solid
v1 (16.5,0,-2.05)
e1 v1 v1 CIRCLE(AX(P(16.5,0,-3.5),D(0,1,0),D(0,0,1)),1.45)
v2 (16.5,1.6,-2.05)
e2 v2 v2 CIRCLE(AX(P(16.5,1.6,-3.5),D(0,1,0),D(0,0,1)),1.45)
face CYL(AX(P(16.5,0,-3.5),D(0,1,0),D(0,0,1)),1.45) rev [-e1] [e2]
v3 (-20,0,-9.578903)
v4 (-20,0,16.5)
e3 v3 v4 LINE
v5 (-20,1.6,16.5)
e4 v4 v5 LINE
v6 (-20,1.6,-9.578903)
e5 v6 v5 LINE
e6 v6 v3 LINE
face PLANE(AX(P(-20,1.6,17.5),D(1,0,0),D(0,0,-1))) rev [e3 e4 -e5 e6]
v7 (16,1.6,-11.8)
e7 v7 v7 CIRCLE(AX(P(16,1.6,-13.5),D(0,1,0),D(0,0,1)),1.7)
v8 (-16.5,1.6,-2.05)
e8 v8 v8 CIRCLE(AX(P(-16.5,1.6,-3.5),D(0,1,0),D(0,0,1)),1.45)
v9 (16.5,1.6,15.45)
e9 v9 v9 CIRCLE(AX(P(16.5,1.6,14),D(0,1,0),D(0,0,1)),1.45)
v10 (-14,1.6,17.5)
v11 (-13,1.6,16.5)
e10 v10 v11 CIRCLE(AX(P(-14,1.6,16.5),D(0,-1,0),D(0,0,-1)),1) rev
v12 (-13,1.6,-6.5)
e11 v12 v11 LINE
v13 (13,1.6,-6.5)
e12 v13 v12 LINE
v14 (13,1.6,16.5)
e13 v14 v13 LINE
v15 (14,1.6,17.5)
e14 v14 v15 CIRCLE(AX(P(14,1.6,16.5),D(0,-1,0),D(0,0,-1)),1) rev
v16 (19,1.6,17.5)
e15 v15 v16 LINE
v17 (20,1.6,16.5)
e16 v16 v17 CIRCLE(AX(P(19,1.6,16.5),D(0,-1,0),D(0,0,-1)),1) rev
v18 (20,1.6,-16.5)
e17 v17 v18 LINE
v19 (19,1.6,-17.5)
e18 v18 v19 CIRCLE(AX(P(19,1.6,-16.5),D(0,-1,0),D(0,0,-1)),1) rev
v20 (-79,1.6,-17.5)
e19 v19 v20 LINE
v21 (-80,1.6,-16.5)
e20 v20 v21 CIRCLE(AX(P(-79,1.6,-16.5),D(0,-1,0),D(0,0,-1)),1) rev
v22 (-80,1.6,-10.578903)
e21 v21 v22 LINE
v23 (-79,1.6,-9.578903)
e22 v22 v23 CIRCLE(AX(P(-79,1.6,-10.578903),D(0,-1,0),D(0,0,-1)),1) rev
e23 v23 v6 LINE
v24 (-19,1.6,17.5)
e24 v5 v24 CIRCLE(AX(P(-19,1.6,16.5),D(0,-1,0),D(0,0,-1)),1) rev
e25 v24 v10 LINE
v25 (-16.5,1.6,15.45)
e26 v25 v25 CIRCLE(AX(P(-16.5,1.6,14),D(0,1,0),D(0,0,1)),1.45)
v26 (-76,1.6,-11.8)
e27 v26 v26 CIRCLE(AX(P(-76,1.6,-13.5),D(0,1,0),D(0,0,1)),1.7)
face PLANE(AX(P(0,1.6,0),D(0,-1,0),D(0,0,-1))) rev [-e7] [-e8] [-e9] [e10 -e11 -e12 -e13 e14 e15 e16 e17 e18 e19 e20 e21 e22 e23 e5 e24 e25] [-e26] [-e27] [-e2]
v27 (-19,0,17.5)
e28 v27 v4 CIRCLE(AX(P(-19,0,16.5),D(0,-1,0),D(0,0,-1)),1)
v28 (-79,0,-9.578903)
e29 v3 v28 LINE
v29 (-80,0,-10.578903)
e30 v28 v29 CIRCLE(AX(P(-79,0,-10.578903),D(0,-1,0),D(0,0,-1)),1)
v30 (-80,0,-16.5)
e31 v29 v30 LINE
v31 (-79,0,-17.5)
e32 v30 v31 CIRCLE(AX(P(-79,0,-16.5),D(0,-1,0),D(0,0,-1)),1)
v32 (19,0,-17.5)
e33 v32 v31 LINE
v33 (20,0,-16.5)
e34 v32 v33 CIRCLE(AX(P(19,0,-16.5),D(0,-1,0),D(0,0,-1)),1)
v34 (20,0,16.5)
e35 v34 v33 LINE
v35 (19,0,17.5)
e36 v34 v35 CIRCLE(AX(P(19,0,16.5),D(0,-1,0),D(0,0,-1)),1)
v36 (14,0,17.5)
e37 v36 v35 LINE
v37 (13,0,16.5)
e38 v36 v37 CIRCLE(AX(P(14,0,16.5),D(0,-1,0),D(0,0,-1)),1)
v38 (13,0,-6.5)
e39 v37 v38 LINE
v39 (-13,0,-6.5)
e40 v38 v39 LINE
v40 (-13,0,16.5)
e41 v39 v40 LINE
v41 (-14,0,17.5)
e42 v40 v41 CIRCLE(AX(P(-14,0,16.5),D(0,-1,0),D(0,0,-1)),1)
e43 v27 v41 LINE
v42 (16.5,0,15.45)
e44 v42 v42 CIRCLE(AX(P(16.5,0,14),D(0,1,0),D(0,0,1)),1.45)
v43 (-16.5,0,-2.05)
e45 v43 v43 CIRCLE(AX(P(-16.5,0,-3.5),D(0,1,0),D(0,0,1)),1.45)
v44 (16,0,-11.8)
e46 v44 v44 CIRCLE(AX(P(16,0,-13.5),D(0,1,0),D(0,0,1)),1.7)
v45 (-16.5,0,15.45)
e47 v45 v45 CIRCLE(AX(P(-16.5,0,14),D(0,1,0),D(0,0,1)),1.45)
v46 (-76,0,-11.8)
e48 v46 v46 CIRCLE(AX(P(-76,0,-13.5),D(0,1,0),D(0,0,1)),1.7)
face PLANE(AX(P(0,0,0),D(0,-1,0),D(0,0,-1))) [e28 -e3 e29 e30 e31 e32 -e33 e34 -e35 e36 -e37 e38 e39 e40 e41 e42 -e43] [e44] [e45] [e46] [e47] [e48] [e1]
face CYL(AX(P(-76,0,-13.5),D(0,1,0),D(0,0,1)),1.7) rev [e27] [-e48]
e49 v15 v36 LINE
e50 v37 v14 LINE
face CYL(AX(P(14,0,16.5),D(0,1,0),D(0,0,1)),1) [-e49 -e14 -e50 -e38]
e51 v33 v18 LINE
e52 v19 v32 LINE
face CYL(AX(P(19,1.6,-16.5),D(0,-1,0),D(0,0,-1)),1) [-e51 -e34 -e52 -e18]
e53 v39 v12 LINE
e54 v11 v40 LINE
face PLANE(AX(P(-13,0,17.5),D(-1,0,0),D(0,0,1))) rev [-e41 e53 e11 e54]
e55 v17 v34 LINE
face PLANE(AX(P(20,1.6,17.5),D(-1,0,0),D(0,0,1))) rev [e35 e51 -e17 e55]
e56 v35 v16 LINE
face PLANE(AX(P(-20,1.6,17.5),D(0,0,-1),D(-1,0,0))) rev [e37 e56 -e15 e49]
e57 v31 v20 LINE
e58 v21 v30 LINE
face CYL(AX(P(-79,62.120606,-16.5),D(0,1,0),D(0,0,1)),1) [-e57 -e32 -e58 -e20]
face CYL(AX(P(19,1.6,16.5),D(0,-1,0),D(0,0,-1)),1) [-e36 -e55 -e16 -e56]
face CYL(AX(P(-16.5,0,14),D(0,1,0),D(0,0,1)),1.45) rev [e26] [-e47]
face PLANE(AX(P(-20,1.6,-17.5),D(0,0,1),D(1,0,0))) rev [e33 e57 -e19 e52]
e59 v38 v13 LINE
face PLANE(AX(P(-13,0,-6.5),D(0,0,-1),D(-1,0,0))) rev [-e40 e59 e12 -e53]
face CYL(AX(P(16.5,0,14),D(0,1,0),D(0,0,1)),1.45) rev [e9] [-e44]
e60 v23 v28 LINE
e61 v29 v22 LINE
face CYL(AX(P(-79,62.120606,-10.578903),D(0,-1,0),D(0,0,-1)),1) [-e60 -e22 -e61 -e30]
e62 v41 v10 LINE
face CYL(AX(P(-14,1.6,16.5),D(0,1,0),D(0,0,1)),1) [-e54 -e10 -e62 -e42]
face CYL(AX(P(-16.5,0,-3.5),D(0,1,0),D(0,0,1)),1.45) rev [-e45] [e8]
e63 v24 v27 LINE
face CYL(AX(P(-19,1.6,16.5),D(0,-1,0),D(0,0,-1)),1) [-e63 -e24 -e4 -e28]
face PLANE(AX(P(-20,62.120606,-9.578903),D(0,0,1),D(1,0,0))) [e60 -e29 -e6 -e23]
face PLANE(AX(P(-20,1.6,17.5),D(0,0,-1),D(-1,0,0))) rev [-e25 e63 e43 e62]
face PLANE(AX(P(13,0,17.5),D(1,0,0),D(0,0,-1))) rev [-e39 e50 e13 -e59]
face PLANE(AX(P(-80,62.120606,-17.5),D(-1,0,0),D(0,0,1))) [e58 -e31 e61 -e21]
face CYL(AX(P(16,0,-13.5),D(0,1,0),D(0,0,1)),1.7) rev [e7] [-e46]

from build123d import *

# Parameters (mm, degrees)
SKETCH1_W           = 40
SKETCH1_H           = 35
BOSS_EXTRUDE1_DEPTH = 1.6
SKETCH2_R           = 1.45
SKETCH2_W           = 26
SKETCH2_H           = 24
CUT_EXTRUDE1_DEPTH  = 27.623485872
SKETCH4_W           = 60
SKETCH4_H           = 7.921096837
BOSS_EXTRUDE2_DEPTH = 1.6
SKETCH3_R           = 1.7
CUT_EXTRUDE2_DEPTH  = 82.90732568
FILLET1_R           = 1


with BuildPart() as part:
    # Sketch1 → Boss-Extrude1 (new body)
    with BuildSketch(Plane(origin=(0, 0, 0), x_dir=(1, 0, 0), z_dir=(0, 1, 0))):
        Rectangle(SKETCH1_W, SKETCH1_H)
    extrude(amount=BOSS_EXTRUDE1_DEPTH)

    # Sketch2 → Cut-Extrude1 (cut, through all)
    with BuildSketch(Plane(origin=(0, 1.6, 0), x_dir=(1, 0, 0), z_dir=(0, 1, 0))):
        with Locations(Location((-16.5, 3.5, 0), (0, 0, 270))):
            Circle(SKETCH2_R)
        with Locations(Location((-16.5, -14, 0), (0, 0, 270))):
            Circle(SKETCH2_R)
        with Locations(Location((16.5, 3.5, 0), (0, 0, 270))):
            Circle(SKETCH2_R)
        with Locations(Location((16.5, -14, 0), (0, 0, 270))):
            Circle(SKETCH2_R)
        with Locations((0, -5.5)):
            Rectangle(SKETCH2_W, SKETCH2_H)
    extrude(amount=-CUT_EXTRUDE1_DEPTH, mode=Mode.SUBTRACT)

    # Sketch4 → Boss-Extrude2 (add)
    with BuildSketch(Plane.XZ):
        with Locations((-50, -13.539451581)):
            Rectangle(SKETCH4_W, SKETCH4_H)
    extrude(amount=-BOSS_EXTRUDE2_DEPTH)

    # Sketch3 → Cut-Extrude2 (cut, through all)
    with BuildSketch(Plane(origin=(0, 1.6, 0), x_dir=(1, 0, 0), z_dir=(0, 1, 0))):
        with Locations(Location((16, 13.5, 0), (0, 0, 270))):
            Circle(SKETCH3_R)
        with Locations(Location((-76, 13.5, 0), (0, 0, 270))):
            Circle(SKETCH3_R)
    extrude(amount=-CUT_EXTRUDE2_DEPTH, mode=Mode.SUBTRACT)

    # Fillet1
    fillet1_edges = [part.edges().sort_by_distance(p)[0] for p in [
        (-13, 0.8, 17.5),
        (13, 0.8, 17.5),
        (-80, 0.8, -17.5),
        (-80, 0.8, -9.578903163),
        (20, 0.8, 17.5),
        (-20, 0.8, 17.5),
        (20, 0.8, -17.5),
    ]]
    fillet(fillet1_edges, radius=FILLET1_R)


solid = part.part
